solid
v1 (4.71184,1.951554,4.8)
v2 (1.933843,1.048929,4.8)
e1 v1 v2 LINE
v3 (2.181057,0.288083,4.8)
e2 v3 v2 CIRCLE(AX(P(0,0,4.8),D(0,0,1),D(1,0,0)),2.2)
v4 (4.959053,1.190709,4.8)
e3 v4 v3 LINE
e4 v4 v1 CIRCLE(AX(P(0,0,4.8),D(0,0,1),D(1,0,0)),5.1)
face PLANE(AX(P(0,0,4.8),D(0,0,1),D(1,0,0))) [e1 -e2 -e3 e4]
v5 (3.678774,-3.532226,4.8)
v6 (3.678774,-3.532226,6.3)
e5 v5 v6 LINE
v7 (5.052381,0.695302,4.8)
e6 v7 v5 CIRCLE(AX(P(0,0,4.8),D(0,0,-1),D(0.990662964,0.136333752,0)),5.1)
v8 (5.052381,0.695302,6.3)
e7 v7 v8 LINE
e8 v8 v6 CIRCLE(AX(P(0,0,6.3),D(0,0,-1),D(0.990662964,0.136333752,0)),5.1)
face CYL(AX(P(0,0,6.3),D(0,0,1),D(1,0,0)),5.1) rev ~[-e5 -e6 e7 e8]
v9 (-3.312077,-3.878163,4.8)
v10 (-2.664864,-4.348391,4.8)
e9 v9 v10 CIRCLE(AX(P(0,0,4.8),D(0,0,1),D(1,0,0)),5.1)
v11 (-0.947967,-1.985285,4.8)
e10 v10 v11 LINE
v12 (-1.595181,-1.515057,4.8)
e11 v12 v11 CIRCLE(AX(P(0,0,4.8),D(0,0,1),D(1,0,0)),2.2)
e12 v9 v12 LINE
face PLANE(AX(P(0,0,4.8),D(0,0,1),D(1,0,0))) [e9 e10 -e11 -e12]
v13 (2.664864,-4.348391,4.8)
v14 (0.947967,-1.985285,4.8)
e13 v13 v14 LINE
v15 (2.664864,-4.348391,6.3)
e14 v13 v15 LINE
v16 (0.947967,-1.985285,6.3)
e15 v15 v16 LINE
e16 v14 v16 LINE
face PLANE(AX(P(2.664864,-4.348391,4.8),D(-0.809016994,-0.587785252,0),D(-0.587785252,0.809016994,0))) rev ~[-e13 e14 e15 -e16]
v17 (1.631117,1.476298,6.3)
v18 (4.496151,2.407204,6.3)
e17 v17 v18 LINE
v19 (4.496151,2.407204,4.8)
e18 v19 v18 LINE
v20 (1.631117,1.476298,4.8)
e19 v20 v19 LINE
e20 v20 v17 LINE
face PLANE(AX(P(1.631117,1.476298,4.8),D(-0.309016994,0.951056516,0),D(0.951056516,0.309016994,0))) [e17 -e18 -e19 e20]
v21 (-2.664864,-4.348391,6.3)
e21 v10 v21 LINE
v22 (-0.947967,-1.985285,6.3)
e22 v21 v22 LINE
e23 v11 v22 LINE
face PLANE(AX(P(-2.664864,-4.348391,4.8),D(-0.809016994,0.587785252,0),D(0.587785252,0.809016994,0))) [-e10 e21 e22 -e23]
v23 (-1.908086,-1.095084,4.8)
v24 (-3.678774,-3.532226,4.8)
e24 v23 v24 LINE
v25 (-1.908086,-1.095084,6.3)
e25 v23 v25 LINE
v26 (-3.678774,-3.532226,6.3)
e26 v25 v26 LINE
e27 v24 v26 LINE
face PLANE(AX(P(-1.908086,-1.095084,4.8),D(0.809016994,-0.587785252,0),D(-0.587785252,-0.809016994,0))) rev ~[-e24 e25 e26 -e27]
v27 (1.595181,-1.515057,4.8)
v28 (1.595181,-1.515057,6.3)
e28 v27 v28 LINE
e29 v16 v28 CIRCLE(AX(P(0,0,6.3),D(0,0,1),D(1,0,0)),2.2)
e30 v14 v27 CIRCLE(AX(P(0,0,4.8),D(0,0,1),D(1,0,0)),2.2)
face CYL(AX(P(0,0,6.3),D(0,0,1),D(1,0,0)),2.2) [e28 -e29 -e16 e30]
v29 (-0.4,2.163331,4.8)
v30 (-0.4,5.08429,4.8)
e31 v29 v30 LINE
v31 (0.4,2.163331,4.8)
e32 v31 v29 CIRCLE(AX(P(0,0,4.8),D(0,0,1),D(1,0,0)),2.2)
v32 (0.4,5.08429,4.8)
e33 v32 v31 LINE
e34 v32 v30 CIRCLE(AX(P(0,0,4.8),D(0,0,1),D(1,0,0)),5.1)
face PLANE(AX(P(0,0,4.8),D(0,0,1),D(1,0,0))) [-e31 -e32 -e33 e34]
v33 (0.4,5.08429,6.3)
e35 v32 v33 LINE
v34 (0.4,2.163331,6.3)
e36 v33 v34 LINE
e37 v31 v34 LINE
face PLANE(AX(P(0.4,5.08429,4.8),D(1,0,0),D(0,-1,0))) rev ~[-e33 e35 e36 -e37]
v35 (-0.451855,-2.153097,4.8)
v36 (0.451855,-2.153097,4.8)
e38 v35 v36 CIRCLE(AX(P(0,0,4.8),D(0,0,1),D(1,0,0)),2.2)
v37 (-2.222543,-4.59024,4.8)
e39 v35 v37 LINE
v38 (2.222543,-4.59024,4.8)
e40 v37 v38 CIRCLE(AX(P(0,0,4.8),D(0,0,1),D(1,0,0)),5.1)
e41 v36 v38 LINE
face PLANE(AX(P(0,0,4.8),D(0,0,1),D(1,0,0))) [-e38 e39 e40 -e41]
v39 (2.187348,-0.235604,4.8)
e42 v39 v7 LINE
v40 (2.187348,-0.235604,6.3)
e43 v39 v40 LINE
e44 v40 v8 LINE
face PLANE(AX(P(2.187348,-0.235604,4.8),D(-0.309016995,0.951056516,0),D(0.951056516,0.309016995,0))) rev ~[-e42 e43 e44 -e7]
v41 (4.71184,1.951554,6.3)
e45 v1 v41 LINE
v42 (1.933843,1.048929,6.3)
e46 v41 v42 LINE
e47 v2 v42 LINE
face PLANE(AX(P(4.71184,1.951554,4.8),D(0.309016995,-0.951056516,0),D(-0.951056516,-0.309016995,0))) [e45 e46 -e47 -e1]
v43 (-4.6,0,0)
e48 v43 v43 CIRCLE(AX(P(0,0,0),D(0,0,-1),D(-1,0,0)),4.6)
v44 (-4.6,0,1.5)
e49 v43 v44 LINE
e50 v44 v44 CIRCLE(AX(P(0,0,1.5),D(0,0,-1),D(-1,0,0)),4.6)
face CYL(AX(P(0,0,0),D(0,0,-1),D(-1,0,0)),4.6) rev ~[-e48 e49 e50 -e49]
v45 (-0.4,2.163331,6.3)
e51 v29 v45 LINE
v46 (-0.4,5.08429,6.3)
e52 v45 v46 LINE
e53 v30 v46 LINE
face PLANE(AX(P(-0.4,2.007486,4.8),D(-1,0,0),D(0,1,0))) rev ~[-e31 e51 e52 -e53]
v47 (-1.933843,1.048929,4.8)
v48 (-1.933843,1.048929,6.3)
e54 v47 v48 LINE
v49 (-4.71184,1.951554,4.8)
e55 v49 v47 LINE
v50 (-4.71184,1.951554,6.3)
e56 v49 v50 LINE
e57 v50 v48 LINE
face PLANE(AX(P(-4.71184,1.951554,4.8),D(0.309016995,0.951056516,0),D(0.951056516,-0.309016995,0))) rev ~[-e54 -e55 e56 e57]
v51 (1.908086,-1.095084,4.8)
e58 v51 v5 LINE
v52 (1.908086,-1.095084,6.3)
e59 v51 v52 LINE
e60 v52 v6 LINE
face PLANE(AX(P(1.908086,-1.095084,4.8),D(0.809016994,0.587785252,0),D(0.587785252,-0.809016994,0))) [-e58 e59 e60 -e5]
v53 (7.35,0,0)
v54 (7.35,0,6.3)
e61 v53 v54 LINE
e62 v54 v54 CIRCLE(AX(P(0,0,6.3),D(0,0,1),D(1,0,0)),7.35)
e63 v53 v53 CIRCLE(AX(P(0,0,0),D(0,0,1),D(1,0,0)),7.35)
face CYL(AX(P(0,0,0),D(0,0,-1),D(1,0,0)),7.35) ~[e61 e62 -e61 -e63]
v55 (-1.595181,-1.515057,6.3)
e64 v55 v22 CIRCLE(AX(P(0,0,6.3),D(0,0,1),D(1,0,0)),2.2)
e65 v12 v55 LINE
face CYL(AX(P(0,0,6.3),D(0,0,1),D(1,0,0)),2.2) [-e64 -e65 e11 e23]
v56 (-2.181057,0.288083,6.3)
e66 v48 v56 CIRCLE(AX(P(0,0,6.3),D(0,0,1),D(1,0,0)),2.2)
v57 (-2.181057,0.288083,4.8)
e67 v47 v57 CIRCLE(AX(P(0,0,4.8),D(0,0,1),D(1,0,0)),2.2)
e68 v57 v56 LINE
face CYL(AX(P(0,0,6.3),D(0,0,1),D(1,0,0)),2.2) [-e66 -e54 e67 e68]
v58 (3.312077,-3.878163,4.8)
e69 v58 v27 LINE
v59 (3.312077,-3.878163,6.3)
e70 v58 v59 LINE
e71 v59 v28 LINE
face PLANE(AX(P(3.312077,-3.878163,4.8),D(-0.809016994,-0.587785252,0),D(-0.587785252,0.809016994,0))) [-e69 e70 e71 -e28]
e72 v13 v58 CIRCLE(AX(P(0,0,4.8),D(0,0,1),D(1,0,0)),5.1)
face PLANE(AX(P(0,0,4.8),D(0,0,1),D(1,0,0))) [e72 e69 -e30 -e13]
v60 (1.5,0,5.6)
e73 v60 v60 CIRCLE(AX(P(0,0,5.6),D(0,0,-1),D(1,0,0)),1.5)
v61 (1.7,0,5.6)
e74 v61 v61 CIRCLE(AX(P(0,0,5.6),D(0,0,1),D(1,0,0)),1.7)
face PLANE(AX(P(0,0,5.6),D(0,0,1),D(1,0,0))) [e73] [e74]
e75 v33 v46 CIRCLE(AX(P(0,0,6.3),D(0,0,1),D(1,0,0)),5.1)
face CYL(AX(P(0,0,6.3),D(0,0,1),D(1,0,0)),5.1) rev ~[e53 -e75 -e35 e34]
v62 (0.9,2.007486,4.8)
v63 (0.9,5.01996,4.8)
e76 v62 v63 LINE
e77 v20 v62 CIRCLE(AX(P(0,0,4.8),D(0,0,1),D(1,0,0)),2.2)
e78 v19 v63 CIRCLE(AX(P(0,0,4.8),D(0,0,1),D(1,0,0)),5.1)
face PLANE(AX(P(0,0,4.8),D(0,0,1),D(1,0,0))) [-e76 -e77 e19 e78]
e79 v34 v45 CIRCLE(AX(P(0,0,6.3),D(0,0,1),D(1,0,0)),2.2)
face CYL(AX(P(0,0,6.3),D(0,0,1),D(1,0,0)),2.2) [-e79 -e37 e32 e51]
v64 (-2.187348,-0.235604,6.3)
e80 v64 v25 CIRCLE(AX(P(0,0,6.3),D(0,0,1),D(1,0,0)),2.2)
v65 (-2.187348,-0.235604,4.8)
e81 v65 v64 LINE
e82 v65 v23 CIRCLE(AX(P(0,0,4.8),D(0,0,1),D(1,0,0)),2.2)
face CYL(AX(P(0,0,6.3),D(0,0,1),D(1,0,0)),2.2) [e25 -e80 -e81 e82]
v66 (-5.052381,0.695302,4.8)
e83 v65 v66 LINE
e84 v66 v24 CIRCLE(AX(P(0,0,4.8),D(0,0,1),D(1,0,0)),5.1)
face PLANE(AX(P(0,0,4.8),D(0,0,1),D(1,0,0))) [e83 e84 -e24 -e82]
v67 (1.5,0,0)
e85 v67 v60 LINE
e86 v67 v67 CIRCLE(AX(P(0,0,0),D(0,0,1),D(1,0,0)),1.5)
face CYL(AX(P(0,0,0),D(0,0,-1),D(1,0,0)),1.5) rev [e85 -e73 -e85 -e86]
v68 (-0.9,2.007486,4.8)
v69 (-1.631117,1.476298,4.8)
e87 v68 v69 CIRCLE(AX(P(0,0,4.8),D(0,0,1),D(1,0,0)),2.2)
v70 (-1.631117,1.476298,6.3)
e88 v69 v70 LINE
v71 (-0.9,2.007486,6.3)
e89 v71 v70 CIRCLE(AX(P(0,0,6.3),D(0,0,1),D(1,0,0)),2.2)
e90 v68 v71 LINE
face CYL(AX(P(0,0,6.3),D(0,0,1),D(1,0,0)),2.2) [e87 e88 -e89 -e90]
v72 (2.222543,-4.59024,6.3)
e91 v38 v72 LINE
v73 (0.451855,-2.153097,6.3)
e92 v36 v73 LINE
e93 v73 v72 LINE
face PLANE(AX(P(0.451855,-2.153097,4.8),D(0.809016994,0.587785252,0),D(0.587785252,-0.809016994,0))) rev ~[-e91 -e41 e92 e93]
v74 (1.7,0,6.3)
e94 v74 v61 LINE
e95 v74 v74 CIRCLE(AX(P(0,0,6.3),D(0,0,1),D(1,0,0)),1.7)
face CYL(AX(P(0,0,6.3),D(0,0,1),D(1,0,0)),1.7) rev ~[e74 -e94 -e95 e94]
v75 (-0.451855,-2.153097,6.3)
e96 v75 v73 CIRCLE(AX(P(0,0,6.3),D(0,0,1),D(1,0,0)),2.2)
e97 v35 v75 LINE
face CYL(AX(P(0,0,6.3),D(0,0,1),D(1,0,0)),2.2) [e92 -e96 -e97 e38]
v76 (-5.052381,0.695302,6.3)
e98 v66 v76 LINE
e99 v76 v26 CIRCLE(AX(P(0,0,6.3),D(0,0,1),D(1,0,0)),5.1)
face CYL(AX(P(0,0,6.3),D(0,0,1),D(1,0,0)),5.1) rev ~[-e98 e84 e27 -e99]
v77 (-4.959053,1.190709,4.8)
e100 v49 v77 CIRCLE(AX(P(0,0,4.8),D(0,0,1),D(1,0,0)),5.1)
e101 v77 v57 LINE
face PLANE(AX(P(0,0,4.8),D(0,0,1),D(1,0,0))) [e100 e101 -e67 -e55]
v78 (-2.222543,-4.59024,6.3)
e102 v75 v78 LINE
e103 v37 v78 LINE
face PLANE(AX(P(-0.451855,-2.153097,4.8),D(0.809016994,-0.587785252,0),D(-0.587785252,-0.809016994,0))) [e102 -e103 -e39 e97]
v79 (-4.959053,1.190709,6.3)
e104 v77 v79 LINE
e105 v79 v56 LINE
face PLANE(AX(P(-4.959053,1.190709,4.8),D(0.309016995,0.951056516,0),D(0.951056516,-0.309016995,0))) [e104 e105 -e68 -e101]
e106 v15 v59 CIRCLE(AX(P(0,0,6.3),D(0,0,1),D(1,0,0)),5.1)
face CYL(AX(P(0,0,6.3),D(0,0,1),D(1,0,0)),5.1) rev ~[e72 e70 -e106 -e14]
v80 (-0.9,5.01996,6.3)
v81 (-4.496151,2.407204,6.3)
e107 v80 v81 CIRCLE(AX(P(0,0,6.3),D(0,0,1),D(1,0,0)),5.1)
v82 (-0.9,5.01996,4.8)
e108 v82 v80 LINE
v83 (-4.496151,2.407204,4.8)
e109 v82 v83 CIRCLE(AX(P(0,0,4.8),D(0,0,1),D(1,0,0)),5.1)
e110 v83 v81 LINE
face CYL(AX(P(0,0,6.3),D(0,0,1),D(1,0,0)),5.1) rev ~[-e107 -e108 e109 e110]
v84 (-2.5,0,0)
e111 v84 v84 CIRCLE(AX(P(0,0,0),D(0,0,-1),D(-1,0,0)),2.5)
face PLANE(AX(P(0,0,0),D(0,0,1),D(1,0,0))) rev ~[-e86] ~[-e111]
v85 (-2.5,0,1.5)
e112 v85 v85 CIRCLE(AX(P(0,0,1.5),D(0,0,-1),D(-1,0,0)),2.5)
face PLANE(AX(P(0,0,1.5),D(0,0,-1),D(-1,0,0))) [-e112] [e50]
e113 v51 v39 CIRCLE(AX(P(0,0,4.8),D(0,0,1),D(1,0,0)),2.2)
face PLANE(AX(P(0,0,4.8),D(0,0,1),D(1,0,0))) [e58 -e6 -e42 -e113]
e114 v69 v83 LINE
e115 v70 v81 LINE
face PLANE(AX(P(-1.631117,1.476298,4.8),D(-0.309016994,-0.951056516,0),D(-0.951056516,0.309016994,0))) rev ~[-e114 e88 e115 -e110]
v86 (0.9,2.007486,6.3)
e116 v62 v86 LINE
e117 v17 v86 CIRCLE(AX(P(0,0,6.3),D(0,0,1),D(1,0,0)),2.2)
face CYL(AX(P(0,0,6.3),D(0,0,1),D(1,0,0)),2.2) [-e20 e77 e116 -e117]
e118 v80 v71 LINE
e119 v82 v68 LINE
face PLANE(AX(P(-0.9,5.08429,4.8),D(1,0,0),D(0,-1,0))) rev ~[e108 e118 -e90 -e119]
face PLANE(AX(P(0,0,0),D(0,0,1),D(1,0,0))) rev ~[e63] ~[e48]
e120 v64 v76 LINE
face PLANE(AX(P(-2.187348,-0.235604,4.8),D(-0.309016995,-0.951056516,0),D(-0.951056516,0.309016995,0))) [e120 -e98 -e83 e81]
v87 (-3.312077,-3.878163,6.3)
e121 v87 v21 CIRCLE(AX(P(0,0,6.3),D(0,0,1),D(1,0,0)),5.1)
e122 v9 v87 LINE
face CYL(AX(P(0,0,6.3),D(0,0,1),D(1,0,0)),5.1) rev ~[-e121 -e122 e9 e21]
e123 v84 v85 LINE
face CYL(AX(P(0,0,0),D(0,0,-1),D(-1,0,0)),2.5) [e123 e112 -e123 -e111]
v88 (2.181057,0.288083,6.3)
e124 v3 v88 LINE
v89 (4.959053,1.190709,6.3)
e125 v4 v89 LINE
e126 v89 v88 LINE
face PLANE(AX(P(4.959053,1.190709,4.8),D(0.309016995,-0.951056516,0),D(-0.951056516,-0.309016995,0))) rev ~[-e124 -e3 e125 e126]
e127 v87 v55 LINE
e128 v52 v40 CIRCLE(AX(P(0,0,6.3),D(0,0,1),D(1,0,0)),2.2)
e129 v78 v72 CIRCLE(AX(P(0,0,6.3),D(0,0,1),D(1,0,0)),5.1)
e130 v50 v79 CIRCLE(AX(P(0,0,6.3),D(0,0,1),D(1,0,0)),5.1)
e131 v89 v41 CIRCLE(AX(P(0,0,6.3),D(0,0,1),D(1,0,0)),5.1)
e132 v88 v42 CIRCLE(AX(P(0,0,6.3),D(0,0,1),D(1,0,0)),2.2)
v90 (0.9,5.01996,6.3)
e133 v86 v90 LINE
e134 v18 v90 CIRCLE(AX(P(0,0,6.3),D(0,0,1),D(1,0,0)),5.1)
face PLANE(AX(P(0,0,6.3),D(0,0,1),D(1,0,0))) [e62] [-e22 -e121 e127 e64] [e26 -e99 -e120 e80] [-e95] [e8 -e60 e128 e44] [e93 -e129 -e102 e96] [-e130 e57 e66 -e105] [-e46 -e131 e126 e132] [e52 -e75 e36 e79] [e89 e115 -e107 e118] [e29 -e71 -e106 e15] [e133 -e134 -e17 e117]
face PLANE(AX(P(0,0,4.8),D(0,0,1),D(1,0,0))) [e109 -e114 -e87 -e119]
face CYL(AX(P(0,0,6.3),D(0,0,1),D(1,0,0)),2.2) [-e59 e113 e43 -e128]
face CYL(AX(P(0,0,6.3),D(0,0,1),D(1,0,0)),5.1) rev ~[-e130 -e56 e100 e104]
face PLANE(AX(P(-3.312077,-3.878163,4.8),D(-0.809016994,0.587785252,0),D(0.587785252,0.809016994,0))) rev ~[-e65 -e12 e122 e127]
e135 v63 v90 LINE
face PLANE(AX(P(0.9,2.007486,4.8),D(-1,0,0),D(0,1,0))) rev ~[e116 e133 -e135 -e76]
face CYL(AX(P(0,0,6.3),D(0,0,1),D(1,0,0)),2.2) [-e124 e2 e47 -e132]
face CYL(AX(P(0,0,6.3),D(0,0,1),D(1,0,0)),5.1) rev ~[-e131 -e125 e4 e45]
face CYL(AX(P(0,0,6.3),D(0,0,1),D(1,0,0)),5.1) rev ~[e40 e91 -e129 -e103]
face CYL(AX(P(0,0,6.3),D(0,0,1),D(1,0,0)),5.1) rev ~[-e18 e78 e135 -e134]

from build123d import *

# Parameters (mm, degrees)
SKETCH1_R           = 5.6
SKETCH1_R_2         = 1.5
BOSS_EXTRUDE1_DEPTH = 6.3
SKETCH2_R           = 1.7
CUT_EXTRUDE1_DEPTH  = 0.7
SKETCH3_R           = 5.1
SKETCH3_R_2         = 2.2
CUT_EXTRUDE2_DEPTH  = 1.5
BOSS_EXTRUDE2_DEPTH = 1.5
SKETCH5_R           = 4.6
SKETCH5_R_2         = 2.5
CUT_EXTRUDE3_DEPTH  = 1.5
BOSS_EXTRUDE4_START = -6.3
SKETCH6_R           = 7.35
SKETCH6_R_2         = 5.6
BOSS_EXTRUDE4_DEPTH = 6.3


with BuildPart() as part:
    # Sketch1 → Boss-Extrude1 (new body)
    with BuildSketch(Plane.XY):
        Circle(SKETCH1_R)
        Circle(SKETCH1_R_2, mode=Mode.SUBTRACT)
    extrude(amount=BOSS_EXTRUDE1_DEPTH)

    # Sketch2 → Cut-Extrude1 (cut)
    with BuildSketch(Plane.XY.offset(6.3)):
        Circle(SKETCH2_R)
    extrude(amount=-CUT_EXTRUDE1_DEPTH, mode=Mode.SUBTRACT)

    # Sketch3 → Cut-Extrude2 (cut)
    with BuildSketch(Plane.XY.offset(6.3)):
        Circle(SKETCH3_R)
        Circle(SKETCH3_R_2, mode=Mode.SUBTRACT)
    extrude(amount=-CUT_EXTRUDE2_DEPTH, mode=Mode.SUBTRACT)

    # Sketch4 → Boss-Extrude2 (add)
    with BuildSketch(Plane.XY.offset(4.8)):
        Polygon((-0.9, 2.00748599), (-0.9, 5.019960159), (-0.9, 5.084289528), (-0.4, 5.084289528), (-0.4, 2.163330765), (-0.4, 2.00748599), align=None)
        Polygon((0.4, 5.084289528), (0.4, 2.163330765), (0.4, 2.00748599), (0.9, 2.00748599), (0.9, 5.019960159), (0.9, 5.084289528), align=None)
        Polygon((1.631117337, 1.476298152), (4.496150526, 2.407203865), (4.557331391, 2.427082733), (4.711839888, 1.951554475), (1.933843023, 1.048928577), (1.785625834, 1.000769893), align=None)
        Polygon((2.03283943, 0.23992468), (2.187347927, -0.235603578), (5.052381116, 0.695302136), (5.113561981, 0.715181004), (4.959053484, 1.190709262), (2.181056619, 0.288083364), align=None)
        Polygon((1.908085954, -1.095083555), (3.678773844, -3.532226353), (3.716585698, -3.584269905), (3.3120772, -3.878162531), (1.595180717, -1.515057253), (1.503577457, -1.388976181), align=None)
        Polygon((0.856363861, -1.859204383), (0.451855364, -2.153097009), (2.222543254, -4.590239807), (2.260355108, -4.642283359), (2.664863605, -4.348390733), (0.947967122, -1.985285454), align=None)
        Polygon((-0.451855364, -2.153097009), (-2.222543254, -4.590239807), (-2.260355108, -4.642283359), (-2.664863605, -4.348390733), (-0.947967122, -1.985285454), (-0.856363861, -1.859204383), align=None)
        Polygon((-1.503577457, -1.388976181), (-1.908085954, -1.095083555), (-3.678773844, -3.532226353), (-3.716585698, -3.584269905), (-3.3120772, -3.878162531), (-1.595180717, -1.515057253), align=None)
        Polygon((-2.187347927, -0.235603578), (-5.052381116, 0.695302136), (-5.113561981, 0.715181004), (-4.959053484, 1.190709262), (-2.181056619, 0.288083364), (-2.03283943, 0.23992468), align=None)
        Polygon((-1.785625834, 1.000769893), (-1.631117337, 1.476298152), (-4.496150526, 2.407203865), (-4.557331391, 2.427082733), (-4.711839888, 1.951554475), (-1.933843023, 1.048928577), align=None)
    extrude(amount=BOSS_EXTRUDE2_DEPTH)

    # Sketch5 → Cut-Extrude3 (cut)
    with BuildSketch(Plane(origin=(0, 0, 0), x_dir=(-1, 0, 0), z_dir=(0, 0, -1))):
        Circle(SKETCH5_R)
        Circle(SKETCH5_R_2, mode=Mode.SUBTRACT)
    extrude(amount=-CUT_EXTRUDE3_DEPTH, mode=Mode.SUBTRACT)

    # Sketch6 → Boss-Extrude4 (add)
    with BuildSketch(Plane.XY.offset(6.3).offset(BOSS_EXTRUDE4_START)):
        Circle(SKETCH6_R)
        Circle(SKETCH6_R_2, mode=Mode.SUBTRACT)
    extrude(amount=BOSS_EXTRUDE4_DEPTH)


solid = part.part
